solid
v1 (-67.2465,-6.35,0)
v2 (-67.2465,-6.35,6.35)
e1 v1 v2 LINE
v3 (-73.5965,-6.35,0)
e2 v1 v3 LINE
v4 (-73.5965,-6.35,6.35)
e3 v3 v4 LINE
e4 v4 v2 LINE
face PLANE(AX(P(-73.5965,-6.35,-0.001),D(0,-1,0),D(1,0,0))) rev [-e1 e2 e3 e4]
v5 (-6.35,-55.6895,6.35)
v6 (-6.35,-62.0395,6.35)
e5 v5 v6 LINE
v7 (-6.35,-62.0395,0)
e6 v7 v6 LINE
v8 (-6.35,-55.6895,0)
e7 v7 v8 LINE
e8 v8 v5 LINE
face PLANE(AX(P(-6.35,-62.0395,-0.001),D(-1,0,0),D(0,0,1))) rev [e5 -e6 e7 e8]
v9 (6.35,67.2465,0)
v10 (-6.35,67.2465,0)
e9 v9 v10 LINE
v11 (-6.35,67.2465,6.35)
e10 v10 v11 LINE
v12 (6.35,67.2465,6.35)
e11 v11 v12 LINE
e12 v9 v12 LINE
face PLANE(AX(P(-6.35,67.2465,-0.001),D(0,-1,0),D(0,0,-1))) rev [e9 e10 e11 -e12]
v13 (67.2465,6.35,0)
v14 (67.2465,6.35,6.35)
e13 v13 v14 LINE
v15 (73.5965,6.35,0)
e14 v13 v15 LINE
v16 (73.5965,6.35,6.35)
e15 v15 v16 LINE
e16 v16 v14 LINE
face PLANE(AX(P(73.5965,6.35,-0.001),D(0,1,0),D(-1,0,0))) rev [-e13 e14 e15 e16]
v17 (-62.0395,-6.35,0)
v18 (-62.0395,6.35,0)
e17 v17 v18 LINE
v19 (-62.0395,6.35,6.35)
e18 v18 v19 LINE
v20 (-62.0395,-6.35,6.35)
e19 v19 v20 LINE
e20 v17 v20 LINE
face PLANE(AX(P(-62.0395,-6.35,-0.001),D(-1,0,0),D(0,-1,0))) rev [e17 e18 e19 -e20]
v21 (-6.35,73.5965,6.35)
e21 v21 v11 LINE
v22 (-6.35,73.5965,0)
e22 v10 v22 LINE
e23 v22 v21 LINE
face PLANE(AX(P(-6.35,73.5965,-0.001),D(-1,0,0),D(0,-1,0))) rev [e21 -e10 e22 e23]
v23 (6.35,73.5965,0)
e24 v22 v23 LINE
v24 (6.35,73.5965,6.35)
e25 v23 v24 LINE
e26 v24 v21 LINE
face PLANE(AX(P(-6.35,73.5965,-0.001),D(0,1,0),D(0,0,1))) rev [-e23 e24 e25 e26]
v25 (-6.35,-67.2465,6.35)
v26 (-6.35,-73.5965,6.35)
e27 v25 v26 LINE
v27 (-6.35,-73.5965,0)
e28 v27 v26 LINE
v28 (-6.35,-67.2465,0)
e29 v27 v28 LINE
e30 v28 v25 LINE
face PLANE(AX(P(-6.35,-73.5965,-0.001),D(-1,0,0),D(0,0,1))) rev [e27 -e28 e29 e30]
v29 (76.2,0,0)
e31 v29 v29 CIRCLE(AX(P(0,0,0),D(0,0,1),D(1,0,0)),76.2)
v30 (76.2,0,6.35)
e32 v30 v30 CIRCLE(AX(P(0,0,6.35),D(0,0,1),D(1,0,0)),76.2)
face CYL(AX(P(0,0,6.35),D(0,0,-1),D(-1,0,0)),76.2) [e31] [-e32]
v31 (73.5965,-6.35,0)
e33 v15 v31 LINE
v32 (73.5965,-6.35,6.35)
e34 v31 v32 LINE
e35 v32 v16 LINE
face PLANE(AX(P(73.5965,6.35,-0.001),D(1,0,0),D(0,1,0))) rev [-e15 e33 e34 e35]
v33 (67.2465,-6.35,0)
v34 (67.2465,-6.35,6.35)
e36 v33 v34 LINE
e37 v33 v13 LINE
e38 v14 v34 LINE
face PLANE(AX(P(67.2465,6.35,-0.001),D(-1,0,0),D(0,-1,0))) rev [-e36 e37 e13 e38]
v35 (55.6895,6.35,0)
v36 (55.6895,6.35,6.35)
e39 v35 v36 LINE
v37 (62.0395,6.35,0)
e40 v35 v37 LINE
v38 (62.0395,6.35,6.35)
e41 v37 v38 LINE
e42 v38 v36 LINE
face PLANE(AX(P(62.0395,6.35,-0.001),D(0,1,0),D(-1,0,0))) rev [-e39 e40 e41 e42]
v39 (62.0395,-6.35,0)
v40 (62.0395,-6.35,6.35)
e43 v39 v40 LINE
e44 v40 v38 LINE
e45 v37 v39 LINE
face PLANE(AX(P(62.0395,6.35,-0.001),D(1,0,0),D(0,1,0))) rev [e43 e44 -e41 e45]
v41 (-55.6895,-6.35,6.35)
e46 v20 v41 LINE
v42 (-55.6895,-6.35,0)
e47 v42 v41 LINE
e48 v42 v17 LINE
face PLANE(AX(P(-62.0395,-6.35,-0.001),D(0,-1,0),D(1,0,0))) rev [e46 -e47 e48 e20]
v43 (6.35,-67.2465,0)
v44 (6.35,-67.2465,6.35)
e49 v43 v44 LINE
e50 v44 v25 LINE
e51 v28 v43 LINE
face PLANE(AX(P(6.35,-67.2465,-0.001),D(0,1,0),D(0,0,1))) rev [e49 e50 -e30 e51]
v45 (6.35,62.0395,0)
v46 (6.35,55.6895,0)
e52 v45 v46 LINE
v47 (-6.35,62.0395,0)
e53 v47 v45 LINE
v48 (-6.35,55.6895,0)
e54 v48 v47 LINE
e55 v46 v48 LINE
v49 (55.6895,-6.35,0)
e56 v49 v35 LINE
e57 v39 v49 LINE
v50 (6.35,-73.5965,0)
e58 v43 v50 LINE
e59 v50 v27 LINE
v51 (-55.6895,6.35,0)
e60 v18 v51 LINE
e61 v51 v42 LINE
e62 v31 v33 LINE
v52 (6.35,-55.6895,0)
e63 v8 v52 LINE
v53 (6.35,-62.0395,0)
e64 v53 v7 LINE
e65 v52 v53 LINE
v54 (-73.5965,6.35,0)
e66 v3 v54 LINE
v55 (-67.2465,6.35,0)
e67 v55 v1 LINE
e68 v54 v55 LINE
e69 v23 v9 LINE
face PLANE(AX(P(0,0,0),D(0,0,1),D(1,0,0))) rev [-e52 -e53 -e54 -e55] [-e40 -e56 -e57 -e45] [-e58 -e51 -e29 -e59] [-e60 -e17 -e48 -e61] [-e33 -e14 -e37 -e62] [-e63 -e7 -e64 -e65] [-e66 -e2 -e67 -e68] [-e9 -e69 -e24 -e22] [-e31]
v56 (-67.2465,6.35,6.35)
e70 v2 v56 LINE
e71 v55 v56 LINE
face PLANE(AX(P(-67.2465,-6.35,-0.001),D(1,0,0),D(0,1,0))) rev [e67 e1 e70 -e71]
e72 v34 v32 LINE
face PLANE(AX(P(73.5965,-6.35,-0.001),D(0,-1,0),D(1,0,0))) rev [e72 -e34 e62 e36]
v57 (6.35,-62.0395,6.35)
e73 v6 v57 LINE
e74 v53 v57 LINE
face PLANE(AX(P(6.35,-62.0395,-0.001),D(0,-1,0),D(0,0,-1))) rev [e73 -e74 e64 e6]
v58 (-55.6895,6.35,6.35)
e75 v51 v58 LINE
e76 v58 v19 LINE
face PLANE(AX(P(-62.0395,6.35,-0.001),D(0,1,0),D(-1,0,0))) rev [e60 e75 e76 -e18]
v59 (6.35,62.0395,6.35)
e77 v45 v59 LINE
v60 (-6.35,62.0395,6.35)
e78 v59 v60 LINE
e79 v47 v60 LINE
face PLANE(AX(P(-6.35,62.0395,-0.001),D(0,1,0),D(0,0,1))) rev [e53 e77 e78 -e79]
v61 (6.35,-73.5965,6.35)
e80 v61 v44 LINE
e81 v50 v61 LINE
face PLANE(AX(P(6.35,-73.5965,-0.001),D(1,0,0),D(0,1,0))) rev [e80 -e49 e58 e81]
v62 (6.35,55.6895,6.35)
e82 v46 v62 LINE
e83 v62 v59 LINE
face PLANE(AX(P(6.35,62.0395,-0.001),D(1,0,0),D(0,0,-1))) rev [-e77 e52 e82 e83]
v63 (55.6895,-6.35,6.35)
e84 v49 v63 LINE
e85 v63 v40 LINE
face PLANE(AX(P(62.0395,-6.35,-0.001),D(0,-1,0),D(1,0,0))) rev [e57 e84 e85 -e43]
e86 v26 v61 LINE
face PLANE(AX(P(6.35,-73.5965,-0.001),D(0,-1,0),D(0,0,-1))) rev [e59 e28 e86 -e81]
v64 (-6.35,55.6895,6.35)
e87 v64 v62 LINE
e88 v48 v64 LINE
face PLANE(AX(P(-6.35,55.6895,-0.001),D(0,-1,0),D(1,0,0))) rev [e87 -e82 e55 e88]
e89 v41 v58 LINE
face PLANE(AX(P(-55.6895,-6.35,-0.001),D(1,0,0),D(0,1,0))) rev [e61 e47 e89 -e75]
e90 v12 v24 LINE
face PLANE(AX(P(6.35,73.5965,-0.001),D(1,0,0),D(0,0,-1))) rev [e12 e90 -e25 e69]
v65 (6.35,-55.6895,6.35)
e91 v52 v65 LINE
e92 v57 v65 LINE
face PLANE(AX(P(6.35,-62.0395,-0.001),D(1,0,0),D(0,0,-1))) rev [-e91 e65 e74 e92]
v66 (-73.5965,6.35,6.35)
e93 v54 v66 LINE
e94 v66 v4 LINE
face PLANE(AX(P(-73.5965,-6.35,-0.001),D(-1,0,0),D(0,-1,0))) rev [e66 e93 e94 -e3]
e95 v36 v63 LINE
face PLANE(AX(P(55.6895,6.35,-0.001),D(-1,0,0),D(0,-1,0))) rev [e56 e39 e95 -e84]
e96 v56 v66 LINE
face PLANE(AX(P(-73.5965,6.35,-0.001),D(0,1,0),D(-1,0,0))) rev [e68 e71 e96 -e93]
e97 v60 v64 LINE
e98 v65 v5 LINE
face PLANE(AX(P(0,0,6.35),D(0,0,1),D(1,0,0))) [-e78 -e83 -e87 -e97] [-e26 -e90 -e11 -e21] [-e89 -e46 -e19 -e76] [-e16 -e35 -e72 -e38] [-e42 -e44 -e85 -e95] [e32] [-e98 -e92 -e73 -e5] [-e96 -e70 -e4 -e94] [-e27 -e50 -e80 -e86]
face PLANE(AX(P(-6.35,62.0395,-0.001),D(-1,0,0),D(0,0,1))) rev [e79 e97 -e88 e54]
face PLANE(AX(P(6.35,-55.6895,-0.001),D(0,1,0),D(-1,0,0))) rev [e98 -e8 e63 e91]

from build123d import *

# Parameters (mm, degrees)
SKETCH1_R           = 76.2
SKETCH1_R_2         = 53.086
BOSS_EXTRUDE2_DEPTH = 6.35
CUT_EXTRUDE1_REACH  = 109.95
SKETCH2_W           = 12.7
SKETCH2_H           = 6.35
CIRPATTERN1_COUNT   = 4
BOSS_EXTRUDE3_START = -6.35
SKETCH3_R           = 53.086
BOSS_EXTRUDE3_DEPTH = 6.35


with BuildPart() as part:
    # Sketch1 → Boss-Extrude2 (new body)
    with BuildSketch(Plane.XY):
        Circle(SKETCH1_R)
        Circle(SKETCH1_R_2, mode=Mode.SUBTRACT)
    extrude(amount=BOSS_EXTRUDE2_DEPTH)

    # Sketch2 → Cut-Extrude1 (cut, up to next)
    with BuildSketch(Plane.XY.offset(6.35), mode=Mode.PRIVATE) as cut_extrude1_sk1:
        with Locations((0, 70.4215)):
            Rectangle(SKETCH2_W, SKETCH2_H)
    cut_extrude1_tool1 = extrude(cut_extrude1_sk1.sketch, amount=-CUT_EXTRUDE1_REACH, mode=Mode.PRIVATE) & part.part
    # Sketch2 → Cut-Extrude1 (cut, up to next)
    with BuildSketch(Plane.XY.offset(6.35), mode=Mode.PRIVATE) as cut_extrude1_sk2:
        with Locations((0, 58.8645)):
            Rectangle(SKETCH2_W, SKETCH2_H)
    cut_extrude1_tool2 = extrude(cut_extrude1_sk2.sketch, amount=-CUT_EXTRUDE1_REACH, mode=Mode.PRIVATE) & part.part
    cut_extrude1_1 = cut_extrude1_tool1.solids().sort_by_distance((0, 70.4215, 6.35))[0]
    add(cut_extrude1_1, mode=Mode.SUBTRACT)
    cut_extrude1_2 = cut_extrude1_tool2.solids().sort_by_distance((0, 58.8645, 6.35))[0]
    add(cut_extrude1_2, mode=Mode.SUBTRACT)
    cut_extrude1 = cut_extrude1_1 + cut_extrude1_2  # Cut-Extrude1 as one shape, for the pattern or mirror that repeats it

    # CirPattern1: Cut-Extrude1 ×4 about axis
    cirpattern1_axis = Axis((0, 0, 0), (0, 0, 1))
    for i in range(1, CIRPATTERN1_COUNT):
        add(cut_extrude1.rotate(cirpattern1_axis, i * 360 / CIRPATTERN1_COUNT), mode=Mode.SUBTRACT)

    # Sketch3 → Boss-Extrude3 (add)
    with BuildSketch(Plane.XY.offset(6.35).offset(BOSS_EXTRUDE3_START)):
        Circle(SKETCH3_R)
    extrude(amount=BOSS_EXTRUDE3_DEPTH)


solid = part.part
